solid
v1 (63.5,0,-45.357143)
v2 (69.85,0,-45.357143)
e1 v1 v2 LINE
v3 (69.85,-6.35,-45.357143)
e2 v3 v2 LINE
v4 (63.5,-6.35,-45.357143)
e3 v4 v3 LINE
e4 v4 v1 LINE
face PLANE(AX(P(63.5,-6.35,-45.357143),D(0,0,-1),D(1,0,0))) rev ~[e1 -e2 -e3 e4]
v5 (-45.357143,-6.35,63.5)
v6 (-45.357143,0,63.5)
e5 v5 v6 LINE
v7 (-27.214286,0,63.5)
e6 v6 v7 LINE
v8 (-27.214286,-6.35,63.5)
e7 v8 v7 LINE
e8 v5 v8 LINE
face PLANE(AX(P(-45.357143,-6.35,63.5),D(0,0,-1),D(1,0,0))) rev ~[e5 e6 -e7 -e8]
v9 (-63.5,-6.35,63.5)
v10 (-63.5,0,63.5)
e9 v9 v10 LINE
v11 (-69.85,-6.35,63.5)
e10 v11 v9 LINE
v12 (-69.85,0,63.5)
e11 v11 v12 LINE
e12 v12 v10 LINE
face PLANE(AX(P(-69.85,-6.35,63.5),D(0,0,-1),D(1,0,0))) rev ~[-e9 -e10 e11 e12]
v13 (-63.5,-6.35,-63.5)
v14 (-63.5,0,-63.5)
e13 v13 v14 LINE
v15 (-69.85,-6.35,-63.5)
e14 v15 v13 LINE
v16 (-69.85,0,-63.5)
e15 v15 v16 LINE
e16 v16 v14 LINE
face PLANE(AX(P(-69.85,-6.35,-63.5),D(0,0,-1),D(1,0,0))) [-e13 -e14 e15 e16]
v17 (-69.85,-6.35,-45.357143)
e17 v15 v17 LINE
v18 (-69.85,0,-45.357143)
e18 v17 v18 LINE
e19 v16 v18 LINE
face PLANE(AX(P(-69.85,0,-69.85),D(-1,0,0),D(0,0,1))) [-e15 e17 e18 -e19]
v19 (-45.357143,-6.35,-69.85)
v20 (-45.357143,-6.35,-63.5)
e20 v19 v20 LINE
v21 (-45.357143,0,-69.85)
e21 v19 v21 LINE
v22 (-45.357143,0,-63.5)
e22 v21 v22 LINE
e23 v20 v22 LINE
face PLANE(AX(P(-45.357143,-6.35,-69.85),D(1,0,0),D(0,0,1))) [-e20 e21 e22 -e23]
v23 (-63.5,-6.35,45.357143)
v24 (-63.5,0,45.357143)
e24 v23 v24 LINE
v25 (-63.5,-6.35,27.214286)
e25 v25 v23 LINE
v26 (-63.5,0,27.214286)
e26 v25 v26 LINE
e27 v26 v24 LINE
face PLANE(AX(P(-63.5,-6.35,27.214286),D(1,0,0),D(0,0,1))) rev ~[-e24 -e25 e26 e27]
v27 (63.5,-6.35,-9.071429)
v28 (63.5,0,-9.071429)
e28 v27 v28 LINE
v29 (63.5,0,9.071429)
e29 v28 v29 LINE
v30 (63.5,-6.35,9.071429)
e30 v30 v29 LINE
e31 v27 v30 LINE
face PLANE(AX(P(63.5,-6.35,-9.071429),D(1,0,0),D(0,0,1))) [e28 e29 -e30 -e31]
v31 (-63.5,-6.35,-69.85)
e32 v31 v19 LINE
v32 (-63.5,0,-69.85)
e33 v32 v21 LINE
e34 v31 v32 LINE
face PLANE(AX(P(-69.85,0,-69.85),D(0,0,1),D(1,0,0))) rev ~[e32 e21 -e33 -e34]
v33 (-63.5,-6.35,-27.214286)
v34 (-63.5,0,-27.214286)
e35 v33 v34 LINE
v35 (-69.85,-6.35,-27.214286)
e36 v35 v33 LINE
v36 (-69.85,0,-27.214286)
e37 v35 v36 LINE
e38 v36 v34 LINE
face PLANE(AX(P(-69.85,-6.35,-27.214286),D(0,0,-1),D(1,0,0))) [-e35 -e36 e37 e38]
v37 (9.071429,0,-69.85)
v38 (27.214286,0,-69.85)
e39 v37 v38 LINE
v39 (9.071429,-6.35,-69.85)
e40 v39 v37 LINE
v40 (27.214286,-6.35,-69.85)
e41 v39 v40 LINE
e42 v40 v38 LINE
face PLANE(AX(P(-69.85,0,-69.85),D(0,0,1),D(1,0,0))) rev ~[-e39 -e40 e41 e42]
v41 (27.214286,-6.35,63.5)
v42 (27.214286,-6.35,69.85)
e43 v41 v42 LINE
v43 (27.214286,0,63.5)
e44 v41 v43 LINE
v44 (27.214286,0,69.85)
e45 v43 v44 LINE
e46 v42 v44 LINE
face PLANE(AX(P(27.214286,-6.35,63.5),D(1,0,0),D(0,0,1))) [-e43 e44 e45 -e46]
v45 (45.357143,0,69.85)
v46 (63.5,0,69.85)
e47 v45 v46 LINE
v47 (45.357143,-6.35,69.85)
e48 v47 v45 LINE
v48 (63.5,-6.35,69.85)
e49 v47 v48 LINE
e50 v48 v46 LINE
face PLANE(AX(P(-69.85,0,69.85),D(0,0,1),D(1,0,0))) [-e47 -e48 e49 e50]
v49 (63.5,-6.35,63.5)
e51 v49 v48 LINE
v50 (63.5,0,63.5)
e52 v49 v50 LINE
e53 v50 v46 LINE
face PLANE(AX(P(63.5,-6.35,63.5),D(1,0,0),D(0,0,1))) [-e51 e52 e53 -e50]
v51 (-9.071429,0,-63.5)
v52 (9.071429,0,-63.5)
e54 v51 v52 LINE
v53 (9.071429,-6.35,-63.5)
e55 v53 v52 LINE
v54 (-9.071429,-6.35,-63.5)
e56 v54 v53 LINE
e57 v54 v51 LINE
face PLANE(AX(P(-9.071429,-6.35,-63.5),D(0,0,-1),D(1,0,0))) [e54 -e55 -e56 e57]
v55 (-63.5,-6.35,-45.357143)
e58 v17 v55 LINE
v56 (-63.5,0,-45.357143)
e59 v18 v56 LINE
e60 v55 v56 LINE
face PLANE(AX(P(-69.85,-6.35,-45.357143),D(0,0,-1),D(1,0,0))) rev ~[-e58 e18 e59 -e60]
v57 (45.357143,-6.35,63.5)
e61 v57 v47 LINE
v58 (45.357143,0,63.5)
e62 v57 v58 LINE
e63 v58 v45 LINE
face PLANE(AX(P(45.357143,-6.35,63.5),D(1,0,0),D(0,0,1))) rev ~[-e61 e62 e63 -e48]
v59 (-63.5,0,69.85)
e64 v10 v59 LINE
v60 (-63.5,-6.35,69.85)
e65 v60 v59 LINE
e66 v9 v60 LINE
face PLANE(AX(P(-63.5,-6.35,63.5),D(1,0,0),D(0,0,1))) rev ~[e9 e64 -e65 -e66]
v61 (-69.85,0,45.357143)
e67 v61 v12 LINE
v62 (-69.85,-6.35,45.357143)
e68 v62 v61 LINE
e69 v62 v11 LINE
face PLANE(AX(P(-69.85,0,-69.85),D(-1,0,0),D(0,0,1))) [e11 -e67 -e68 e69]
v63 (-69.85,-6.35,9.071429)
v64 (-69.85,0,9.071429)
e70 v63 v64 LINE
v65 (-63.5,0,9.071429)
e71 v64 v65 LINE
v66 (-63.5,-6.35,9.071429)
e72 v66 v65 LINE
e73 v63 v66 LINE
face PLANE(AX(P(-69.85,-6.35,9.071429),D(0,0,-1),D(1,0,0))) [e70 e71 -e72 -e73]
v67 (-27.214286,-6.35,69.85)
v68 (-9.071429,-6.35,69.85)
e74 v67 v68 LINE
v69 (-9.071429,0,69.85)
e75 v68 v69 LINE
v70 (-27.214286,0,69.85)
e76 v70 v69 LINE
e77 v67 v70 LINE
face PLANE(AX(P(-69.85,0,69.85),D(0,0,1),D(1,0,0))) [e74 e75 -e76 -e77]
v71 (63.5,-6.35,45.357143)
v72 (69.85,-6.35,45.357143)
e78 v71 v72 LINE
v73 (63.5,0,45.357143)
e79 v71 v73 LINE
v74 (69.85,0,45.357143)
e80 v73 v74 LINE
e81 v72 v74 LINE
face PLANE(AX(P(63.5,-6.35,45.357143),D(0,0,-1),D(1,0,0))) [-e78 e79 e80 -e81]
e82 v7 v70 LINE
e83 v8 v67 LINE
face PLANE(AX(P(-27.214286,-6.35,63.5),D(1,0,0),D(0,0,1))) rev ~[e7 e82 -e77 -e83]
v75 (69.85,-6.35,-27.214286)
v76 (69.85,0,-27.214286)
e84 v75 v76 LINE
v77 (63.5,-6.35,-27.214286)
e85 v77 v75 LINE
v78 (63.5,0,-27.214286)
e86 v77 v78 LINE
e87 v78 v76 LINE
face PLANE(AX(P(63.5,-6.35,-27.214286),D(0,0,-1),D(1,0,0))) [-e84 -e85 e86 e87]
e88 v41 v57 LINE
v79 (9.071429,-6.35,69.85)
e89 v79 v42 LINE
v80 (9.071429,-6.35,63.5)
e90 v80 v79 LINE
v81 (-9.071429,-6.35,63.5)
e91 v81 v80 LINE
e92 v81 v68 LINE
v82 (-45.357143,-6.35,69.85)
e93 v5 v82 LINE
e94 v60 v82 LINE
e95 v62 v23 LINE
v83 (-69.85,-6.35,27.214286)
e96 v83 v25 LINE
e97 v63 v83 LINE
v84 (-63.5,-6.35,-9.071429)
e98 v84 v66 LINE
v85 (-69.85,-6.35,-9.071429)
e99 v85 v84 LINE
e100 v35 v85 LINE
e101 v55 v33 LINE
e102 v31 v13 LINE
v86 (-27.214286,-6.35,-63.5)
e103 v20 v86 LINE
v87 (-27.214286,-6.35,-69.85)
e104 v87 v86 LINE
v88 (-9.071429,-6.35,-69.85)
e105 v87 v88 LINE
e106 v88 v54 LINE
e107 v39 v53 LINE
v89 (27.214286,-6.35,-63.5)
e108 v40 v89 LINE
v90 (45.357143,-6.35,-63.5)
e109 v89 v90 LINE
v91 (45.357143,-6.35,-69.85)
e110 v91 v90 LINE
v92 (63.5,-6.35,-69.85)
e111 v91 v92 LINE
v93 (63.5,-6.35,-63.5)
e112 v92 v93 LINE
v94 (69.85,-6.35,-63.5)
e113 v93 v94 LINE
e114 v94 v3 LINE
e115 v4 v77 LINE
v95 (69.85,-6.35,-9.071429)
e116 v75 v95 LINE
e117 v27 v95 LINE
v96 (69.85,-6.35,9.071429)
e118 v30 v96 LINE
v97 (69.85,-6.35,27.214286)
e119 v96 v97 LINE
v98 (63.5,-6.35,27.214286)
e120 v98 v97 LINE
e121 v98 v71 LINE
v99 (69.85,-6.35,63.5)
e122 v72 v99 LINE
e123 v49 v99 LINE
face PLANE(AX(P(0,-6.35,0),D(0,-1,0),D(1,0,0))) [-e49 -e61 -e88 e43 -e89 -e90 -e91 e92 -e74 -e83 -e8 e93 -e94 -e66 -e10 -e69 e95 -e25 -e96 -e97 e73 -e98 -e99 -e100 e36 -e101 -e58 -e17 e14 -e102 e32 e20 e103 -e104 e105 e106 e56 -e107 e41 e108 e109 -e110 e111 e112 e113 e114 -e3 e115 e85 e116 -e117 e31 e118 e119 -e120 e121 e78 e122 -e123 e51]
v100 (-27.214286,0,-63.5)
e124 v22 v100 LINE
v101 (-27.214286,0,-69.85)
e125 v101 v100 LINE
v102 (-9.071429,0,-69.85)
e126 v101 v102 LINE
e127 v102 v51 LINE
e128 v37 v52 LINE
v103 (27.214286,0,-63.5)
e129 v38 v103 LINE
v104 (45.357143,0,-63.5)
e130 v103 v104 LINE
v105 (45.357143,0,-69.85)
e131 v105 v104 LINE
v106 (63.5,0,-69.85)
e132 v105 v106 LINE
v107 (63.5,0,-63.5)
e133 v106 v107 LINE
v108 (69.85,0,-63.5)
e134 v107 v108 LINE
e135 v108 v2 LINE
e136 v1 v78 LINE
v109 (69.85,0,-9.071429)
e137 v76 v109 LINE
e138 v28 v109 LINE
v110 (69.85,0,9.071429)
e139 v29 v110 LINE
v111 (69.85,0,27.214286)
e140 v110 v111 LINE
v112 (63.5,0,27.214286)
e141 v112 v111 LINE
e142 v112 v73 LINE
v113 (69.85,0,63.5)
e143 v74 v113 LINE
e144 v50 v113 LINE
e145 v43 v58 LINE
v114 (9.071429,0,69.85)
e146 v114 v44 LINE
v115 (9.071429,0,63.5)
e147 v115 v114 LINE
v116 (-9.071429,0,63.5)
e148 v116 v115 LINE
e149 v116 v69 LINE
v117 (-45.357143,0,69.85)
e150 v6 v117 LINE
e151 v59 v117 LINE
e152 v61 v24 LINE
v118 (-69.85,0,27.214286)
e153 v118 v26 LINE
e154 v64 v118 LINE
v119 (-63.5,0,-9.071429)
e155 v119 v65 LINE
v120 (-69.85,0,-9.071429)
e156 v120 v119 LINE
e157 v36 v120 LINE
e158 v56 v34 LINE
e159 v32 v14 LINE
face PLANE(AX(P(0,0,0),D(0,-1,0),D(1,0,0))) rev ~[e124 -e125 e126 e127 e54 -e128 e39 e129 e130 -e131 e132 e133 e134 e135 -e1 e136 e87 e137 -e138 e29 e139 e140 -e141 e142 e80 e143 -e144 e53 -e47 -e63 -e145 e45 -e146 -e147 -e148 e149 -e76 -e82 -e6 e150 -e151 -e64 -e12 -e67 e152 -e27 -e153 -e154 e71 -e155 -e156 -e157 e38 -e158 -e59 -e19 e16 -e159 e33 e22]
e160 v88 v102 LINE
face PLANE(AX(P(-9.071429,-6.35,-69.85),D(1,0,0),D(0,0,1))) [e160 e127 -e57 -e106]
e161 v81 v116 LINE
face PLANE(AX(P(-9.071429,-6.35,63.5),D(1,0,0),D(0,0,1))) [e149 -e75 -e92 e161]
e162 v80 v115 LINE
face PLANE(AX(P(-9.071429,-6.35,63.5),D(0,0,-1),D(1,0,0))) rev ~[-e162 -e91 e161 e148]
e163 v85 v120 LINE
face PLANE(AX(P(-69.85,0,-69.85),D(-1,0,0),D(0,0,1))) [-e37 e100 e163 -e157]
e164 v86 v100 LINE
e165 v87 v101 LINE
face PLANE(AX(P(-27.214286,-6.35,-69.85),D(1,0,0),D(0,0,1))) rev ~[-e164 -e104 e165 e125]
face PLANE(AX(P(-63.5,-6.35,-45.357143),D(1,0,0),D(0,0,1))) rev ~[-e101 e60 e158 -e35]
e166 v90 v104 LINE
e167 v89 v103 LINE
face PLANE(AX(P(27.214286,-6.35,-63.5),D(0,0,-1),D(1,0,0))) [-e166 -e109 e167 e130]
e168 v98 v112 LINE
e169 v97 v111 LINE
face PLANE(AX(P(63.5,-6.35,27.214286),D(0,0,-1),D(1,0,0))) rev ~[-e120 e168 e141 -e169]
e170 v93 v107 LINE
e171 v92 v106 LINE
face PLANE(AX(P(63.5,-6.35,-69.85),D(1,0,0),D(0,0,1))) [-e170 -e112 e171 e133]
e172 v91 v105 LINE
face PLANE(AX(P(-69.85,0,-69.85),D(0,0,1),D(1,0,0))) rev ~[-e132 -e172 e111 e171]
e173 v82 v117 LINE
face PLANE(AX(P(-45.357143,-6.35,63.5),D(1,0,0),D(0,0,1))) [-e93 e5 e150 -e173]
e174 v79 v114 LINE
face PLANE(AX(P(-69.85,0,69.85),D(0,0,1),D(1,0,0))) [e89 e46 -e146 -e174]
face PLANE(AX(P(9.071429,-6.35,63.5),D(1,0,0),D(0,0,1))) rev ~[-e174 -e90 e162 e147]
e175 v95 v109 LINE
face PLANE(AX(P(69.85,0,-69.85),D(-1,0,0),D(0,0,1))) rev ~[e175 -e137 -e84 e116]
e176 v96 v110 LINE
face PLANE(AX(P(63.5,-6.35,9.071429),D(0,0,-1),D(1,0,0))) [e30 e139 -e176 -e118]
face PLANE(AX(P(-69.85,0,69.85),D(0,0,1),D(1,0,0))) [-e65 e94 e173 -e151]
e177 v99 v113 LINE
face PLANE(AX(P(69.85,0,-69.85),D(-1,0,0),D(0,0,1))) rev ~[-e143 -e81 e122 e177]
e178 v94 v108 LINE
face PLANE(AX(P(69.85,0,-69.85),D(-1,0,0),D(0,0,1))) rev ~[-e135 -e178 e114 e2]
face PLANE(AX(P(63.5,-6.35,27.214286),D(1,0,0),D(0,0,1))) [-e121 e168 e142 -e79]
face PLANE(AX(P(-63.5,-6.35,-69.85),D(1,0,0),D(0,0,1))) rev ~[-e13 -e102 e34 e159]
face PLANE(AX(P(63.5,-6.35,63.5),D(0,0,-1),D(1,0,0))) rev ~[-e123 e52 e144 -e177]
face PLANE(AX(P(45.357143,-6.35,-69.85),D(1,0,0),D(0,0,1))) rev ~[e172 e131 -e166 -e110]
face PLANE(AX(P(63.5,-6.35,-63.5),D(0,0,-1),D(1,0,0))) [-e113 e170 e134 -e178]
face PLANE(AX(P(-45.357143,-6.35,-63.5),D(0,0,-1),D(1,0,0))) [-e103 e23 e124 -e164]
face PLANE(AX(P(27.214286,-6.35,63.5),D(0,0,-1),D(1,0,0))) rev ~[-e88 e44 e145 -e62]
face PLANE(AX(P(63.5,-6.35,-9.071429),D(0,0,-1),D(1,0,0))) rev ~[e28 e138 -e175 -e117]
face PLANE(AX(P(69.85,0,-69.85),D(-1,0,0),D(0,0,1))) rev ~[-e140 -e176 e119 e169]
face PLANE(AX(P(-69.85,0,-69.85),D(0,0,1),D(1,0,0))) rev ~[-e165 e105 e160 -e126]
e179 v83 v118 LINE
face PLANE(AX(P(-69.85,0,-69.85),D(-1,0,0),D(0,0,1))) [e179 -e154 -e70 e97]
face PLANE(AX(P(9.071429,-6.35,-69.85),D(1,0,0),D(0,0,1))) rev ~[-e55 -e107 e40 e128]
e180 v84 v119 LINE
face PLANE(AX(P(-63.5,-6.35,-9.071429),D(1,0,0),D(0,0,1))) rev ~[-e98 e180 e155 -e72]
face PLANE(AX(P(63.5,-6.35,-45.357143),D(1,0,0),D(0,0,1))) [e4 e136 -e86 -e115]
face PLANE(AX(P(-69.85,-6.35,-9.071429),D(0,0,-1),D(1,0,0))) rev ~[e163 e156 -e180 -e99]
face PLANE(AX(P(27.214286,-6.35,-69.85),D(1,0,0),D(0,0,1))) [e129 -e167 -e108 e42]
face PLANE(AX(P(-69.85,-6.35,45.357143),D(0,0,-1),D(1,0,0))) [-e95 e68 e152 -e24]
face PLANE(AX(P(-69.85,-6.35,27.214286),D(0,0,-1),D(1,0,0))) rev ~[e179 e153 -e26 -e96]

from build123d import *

# Parameters (mm, degrees)
F0_W     = 139.7
F0_H     = 139.7
F1_DEPTH = 6.35
F2_W     = 6.35
F2_H     = 6.35
F2_W_2   = 18.1428571429
F2_H_2   = 18.1428571429
F3_DEPTH = 25.4


with BuildPart() as f1:
    # F0 (on Front) → F1 (new body)
    with BuildSketch(Plane.XZ):
        Rectangle(F0_W, F0_H)
    extrude(amount=F1_DEPTH)

    # F2 (on face) → F3 (cut)
    with BuildSketch(Plane.XZ.offset(6.35)):
        with Locations((-66.675, 66.675)):
            Rectangle(F2_W, F2_H)
        with Locations((-36.2857142857, 66.675)):
            Rectangle(F2_W_2, F2_H)
        with Locations((0, 66.675)):
            Rectangle(F2_W_2, F2_H)
        with Locations((36.2857142857, 66.675)):
            Rectangle(F2_W_2, F2_H)
        with Locations((66.675, 66.675)):
            Rectangle(F2_W, F2_H)
        with Locations((66.675, 36.2857142857)):
            Rectangle(F2_W, F2_H_2)
        with Locations((66.675, 0)):
            Rectangle(F2_W, F2_H_2)
        with Locations((66.675, -36.2857142857)):
            Rectangle(F2_W, F2_H_2)
        with Locations((66.675, -66.675)):
            Rectangle(F2_W, F2_H)
        with Locations((36.2857142857, -66.675)):
            Rectangle(F2_W_2, F2_H)
        with Locations((0, -66.675)):
            Rectangle(F2_W_2, F2_H)
        with Locations((-36.2857142857, -66.675)):
            Rectangle(F2_W_2, F2_H)
        with Locations((-66.675, -66.675)):
            Rectangle(F2_W, F2_H)
        with Locations((-66.675, -36.2857142857)):
            Rectangle(F2_W, F2_H_2)
        with Locations((-66.675, 0)):
            Rectangle(F2_W, F2_H_2)
        with Locations((-66.675, 36.2857142857)):
            Rectangle(F2_W, F2_H_2)
    extrude(amount=-F3_DEPTH, mode=Mode.SUBTRACT)


solid = f1.part
